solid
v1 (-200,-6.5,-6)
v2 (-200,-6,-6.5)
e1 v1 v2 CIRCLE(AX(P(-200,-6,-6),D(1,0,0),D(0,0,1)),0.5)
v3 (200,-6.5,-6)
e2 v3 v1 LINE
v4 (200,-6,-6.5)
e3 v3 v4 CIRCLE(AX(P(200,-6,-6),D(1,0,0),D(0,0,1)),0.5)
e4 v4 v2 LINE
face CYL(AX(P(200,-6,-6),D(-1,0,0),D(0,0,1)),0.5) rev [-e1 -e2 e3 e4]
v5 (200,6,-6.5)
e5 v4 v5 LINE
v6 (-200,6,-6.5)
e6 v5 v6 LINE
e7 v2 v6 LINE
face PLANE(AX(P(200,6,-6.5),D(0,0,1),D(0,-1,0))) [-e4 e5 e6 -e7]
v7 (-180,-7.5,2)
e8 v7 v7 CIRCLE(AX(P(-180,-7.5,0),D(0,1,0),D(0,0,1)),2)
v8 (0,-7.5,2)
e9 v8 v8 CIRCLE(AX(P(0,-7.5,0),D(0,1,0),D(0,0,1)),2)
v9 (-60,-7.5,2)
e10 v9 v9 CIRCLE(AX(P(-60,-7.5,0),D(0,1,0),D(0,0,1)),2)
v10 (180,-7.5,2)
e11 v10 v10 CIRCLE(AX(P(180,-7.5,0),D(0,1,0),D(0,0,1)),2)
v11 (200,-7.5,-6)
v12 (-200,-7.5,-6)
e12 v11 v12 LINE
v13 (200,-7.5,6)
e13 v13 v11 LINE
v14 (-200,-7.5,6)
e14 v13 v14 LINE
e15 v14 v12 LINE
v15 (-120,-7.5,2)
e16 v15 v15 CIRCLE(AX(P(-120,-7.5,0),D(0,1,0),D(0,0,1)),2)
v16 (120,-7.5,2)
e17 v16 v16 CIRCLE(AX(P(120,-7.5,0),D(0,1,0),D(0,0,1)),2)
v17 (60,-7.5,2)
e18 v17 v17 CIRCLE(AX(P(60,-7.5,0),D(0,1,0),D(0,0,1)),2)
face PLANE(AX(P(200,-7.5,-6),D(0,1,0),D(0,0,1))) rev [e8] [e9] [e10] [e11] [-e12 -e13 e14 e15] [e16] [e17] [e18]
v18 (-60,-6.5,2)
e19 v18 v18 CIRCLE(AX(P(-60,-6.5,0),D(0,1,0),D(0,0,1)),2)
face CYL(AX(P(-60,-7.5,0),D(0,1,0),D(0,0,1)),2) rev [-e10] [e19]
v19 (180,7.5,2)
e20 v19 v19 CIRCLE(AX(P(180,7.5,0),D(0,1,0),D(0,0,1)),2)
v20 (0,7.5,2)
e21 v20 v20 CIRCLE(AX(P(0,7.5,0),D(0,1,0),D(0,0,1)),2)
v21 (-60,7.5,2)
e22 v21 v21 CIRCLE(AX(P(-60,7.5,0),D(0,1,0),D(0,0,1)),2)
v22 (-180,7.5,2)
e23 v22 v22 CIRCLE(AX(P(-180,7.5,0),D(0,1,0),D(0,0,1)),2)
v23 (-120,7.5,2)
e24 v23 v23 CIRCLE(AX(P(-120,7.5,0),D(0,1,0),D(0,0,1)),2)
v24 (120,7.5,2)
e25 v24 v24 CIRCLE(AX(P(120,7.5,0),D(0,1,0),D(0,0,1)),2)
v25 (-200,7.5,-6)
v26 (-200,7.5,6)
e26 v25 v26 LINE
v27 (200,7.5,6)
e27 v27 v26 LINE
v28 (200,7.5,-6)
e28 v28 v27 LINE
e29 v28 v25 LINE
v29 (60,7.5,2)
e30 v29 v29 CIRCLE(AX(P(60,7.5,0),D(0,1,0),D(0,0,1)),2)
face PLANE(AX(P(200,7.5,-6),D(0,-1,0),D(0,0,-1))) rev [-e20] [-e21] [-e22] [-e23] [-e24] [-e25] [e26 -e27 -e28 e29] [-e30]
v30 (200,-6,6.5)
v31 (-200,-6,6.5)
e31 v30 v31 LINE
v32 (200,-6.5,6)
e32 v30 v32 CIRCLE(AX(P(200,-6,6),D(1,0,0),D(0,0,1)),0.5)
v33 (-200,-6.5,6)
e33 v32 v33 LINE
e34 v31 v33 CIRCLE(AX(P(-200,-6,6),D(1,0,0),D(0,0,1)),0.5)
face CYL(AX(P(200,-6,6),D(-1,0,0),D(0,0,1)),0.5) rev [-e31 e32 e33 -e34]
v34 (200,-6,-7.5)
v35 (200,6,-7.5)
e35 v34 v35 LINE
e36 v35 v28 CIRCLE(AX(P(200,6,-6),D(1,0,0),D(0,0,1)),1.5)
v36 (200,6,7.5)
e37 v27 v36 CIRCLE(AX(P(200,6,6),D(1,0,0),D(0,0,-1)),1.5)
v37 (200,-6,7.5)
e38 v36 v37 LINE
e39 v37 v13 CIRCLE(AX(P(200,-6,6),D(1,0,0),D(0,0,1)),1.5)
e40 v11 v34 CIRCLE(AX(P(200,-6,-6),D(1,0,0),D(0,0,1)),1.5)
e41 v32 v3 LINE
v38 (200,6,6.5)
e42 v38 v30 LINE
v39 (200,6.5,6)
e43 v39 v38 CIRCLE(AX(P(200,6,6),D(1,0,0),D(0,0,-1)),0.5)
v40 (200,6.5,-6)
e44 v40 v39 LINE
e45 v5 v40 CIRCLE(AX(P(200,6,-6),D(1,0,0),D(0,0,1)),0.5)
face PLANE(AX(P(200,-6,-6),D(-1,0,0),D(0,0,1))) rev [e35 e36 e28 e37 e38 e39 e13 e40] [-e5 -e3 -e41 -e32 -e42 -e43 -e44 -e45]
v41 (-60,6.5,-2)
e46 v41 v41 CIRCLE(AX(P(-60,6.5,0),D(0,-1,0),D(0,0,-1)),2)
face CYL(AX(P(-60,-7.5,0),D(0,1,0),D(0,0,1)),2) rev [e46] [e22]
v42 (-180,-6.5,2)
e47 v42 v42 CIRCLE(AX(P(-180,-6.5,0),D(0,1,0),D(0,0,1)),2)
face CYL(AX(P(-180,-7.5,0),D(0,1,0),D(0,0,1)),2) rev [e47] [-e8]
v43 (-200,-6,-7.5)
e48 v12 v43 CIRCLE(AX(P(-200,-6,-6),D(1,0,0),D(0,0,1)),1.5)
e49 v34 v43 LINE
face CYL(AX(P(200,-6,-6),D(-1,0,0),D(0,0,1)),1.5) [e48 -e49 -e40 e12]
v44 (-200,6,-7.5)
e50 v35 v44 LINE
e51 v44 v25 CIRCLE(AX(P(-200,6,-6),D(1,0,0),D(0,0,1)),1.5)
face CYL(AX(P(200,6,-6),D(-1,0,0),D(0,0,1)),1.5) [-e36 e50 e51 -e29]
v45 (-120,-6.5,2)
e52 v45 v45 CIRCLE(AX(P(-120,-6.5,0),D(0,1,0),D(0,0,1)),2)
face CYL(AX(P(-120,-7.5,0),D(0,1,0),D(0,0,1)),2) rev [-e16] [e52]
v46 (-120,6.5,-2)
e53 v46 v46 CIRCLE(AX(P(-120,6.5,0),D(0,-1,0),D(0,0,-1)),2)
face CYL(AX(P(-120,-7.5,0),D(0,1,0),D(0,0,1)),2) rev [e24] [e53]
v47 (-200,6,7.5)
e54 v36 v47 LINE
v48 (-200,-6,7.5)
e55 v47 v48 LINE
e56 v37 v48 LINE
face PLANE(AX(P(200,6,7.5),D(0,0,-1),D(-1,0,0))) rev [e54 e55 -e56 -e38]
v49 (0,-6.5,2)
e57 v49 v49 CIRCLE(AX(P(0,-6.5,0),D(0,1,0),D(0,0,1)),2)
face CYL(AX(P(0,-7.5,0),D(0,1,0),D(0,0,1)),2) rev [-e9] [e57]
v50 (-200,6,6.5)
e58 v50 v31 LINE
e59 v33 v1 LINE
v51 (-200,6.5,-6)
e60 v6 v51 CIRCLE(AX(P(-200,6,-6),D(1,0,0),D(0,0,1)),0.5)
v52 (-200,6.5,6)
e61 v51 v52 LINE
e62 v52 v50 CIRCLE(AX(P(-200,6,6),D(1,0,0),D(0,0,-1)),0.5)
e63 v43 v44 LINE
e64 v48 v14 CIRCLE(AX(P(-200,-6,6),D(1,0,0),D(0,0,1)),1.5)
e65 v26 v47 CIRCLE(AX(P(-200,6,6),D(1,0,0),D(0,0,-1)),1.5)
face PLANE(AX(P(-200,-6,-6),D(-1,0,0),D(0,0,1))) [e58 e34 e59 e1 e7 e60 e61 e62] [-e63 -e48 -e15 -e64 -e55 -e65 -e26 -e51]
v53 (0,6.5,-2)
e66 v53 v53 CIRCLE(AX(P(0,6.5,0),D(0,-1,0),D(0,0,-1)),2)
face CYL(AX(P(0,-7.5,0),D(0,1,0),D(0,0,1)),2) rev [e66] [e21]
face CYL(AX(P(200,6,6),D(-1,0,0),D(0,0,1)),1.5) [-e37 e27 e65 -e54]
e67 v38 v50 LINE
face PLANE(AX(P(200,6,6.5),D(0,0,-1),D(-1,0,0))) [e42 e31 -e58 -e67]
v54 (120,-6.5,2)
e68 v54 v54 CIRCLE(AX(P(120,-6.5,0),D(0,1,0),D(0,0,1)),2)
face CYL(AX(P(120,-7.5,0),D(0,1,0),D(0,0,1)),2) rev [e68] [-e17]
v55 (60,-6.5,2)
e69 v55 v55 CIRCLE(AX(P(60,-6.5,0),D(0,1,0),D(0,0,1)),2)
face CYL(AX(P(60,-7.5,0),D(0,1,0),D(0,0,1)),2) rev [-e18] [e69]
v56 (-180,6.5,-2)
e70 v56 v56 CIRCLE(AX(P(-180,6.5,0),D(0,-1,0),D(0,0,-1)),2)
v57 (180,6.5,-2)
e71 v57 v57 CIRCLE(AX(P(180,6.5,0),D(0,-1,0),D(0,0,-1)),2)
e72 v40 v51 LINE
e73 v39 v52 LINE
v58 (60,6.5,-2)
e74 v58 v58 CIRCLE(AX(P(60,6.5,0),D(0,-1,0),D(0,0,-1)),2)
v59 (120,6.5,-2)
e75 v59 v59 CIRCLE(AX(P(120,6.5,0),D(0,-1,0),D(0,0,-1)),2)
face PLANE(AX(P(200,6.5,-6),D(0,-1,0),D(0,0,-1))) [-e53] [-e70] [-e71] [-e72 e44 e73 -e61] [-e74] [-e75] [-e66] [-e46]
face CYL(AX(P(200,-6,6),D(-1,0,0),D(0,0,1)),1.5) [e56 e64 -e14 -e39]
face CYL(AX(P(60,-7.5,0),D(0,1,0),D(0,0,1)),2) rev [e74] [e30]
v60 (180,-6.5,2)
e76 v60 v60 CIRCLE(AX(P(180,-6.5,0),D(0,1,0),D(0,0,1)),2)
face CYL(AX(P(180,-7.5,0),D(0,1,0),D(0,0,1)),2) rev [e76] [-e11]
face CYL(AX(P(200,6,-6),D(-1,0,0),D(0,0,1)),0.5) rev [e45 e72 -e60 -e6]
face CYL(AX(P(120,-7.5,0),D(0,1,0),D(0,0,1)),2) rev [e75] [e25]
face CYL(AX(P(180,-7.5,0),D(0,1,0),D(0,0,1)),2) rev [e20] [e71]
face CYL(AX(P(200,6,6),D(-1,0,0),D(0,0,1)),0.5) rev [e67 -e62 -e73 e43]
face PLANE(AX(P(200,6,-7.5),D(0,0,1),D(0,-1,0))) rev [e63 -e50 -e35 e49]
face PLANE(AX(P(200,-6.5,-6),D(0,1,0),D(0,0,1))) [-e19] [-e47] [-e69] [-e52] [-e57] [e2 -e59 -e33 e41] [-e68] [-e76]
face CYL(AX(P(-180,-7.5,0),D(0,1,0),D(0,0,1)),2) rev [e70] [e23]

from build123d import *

# Parameters (mm, degrees)
EXTRUDE_1_DEPTH          = 200
CUT_EXTRUDE_1_DEPTH      = 201.281052524
CUT_EXTRUDE_1_DEPTH_BACK = 201.281052524
SKETCH_2_R               = 2


with BuildPart() as part:
    # 草图1 → 凸台-拉伸1 (new, symmetric)
    with BuildSketch(Plane(origin=(0, 0, 0), x_dir=(0, 0, -1), z_dir=(1, 0, 0))):
        with BuildLine():
            Line((6, 7.5), (-6, 7.5))
            ThreePointArc((-6, 7.5), (-7.060660172, 7.060660172), (-7.5, 6))
            Line((-7.5, 6), (-7.5, -6))
            ThreePointArc((-7.5, -6), (-7.060660172, -7.060660172), (-6, -7.5))
            Line((-6, -7.5), (6, -7.5))
            ThreePointArc((6, -7.5), (7.060660172, -7.060660172), (7.5, -6))
            Line((7.5, -6), (7.5, 6))
            ThreePointArc((7.5, 6), (7.060660172, 7.060660172), (6, 7.5))
        make_face()
        with BuildLine():
            Line((6, 6.5), (-6, 6.5))
            ThreePointArc((-6, 6.5), (-6.353553391, 6.353553391), (-6.5, 6))
            Line((-6.5, 6), (-6.5, -6))
            ThreePointArc((-6.5, -6), (-6.353553391, -6.353553391), (-6, -6.5))
            Line((-6, -6.5), (6, -6.5))
            ThreePointArc((6, -6.5), (6.353553391, -6.353553391), (6.5, -6))
            Line((6.5, -6), (6.5, 6))
            ThreePointArc((6.5, 6), (6.353553391, 6.353553391), (6, 6.5))
        make_face(mode=Mode.SUBTRACT)
    extrude(amount=EXTRUDE_1_DEPTH, both=True)

    # 草图2 → 切除-拉伸1 (cut, two sides: drawn at the far end of the back side and taken through both)
    with BuildSketch(Plane(origin=(0, 0, 0), x_dir=(1, 0, 0), z_dir=(0, 1, 0)).offset(-CUT_EXTRUDE_1_DEPTH_BACK)):
        with Locations(Location((-180, 0, 0), (0, 0, 270))):
            Circle(SKETCH_2_R)
        with Locations(Location((-120, 0, 0), (0, 0, 270))):
            Circle(SKETCH_2_R)
        with Locations(Location((-60, 0, 0), (0, 0, 270))):
            Circle(SKETCH_2_R)
        with Locations(Location((0, 0, 0), (0, 0, 270))):
            Circle(SKETCH_2_R)
        with Locations(Location((60, 0, 0), (0, 0, 270))):
            Circle(SKETCH_2_R)
        with Locations(Location((120, 0, 0), (0, 0, 270))):
            Circle(SKETCH_2_R)
        with Locations(Location((180, 0, 0), (0, 0, 270))):
            Circle(SKETCH_2_R)
    extrude(amount=CUT_EXTRUDE_1_DEPTH + CUT_EXTRUDE_1_DEPTH_BACK, mode=Mode.SUBTRACT)


solid = part.part
